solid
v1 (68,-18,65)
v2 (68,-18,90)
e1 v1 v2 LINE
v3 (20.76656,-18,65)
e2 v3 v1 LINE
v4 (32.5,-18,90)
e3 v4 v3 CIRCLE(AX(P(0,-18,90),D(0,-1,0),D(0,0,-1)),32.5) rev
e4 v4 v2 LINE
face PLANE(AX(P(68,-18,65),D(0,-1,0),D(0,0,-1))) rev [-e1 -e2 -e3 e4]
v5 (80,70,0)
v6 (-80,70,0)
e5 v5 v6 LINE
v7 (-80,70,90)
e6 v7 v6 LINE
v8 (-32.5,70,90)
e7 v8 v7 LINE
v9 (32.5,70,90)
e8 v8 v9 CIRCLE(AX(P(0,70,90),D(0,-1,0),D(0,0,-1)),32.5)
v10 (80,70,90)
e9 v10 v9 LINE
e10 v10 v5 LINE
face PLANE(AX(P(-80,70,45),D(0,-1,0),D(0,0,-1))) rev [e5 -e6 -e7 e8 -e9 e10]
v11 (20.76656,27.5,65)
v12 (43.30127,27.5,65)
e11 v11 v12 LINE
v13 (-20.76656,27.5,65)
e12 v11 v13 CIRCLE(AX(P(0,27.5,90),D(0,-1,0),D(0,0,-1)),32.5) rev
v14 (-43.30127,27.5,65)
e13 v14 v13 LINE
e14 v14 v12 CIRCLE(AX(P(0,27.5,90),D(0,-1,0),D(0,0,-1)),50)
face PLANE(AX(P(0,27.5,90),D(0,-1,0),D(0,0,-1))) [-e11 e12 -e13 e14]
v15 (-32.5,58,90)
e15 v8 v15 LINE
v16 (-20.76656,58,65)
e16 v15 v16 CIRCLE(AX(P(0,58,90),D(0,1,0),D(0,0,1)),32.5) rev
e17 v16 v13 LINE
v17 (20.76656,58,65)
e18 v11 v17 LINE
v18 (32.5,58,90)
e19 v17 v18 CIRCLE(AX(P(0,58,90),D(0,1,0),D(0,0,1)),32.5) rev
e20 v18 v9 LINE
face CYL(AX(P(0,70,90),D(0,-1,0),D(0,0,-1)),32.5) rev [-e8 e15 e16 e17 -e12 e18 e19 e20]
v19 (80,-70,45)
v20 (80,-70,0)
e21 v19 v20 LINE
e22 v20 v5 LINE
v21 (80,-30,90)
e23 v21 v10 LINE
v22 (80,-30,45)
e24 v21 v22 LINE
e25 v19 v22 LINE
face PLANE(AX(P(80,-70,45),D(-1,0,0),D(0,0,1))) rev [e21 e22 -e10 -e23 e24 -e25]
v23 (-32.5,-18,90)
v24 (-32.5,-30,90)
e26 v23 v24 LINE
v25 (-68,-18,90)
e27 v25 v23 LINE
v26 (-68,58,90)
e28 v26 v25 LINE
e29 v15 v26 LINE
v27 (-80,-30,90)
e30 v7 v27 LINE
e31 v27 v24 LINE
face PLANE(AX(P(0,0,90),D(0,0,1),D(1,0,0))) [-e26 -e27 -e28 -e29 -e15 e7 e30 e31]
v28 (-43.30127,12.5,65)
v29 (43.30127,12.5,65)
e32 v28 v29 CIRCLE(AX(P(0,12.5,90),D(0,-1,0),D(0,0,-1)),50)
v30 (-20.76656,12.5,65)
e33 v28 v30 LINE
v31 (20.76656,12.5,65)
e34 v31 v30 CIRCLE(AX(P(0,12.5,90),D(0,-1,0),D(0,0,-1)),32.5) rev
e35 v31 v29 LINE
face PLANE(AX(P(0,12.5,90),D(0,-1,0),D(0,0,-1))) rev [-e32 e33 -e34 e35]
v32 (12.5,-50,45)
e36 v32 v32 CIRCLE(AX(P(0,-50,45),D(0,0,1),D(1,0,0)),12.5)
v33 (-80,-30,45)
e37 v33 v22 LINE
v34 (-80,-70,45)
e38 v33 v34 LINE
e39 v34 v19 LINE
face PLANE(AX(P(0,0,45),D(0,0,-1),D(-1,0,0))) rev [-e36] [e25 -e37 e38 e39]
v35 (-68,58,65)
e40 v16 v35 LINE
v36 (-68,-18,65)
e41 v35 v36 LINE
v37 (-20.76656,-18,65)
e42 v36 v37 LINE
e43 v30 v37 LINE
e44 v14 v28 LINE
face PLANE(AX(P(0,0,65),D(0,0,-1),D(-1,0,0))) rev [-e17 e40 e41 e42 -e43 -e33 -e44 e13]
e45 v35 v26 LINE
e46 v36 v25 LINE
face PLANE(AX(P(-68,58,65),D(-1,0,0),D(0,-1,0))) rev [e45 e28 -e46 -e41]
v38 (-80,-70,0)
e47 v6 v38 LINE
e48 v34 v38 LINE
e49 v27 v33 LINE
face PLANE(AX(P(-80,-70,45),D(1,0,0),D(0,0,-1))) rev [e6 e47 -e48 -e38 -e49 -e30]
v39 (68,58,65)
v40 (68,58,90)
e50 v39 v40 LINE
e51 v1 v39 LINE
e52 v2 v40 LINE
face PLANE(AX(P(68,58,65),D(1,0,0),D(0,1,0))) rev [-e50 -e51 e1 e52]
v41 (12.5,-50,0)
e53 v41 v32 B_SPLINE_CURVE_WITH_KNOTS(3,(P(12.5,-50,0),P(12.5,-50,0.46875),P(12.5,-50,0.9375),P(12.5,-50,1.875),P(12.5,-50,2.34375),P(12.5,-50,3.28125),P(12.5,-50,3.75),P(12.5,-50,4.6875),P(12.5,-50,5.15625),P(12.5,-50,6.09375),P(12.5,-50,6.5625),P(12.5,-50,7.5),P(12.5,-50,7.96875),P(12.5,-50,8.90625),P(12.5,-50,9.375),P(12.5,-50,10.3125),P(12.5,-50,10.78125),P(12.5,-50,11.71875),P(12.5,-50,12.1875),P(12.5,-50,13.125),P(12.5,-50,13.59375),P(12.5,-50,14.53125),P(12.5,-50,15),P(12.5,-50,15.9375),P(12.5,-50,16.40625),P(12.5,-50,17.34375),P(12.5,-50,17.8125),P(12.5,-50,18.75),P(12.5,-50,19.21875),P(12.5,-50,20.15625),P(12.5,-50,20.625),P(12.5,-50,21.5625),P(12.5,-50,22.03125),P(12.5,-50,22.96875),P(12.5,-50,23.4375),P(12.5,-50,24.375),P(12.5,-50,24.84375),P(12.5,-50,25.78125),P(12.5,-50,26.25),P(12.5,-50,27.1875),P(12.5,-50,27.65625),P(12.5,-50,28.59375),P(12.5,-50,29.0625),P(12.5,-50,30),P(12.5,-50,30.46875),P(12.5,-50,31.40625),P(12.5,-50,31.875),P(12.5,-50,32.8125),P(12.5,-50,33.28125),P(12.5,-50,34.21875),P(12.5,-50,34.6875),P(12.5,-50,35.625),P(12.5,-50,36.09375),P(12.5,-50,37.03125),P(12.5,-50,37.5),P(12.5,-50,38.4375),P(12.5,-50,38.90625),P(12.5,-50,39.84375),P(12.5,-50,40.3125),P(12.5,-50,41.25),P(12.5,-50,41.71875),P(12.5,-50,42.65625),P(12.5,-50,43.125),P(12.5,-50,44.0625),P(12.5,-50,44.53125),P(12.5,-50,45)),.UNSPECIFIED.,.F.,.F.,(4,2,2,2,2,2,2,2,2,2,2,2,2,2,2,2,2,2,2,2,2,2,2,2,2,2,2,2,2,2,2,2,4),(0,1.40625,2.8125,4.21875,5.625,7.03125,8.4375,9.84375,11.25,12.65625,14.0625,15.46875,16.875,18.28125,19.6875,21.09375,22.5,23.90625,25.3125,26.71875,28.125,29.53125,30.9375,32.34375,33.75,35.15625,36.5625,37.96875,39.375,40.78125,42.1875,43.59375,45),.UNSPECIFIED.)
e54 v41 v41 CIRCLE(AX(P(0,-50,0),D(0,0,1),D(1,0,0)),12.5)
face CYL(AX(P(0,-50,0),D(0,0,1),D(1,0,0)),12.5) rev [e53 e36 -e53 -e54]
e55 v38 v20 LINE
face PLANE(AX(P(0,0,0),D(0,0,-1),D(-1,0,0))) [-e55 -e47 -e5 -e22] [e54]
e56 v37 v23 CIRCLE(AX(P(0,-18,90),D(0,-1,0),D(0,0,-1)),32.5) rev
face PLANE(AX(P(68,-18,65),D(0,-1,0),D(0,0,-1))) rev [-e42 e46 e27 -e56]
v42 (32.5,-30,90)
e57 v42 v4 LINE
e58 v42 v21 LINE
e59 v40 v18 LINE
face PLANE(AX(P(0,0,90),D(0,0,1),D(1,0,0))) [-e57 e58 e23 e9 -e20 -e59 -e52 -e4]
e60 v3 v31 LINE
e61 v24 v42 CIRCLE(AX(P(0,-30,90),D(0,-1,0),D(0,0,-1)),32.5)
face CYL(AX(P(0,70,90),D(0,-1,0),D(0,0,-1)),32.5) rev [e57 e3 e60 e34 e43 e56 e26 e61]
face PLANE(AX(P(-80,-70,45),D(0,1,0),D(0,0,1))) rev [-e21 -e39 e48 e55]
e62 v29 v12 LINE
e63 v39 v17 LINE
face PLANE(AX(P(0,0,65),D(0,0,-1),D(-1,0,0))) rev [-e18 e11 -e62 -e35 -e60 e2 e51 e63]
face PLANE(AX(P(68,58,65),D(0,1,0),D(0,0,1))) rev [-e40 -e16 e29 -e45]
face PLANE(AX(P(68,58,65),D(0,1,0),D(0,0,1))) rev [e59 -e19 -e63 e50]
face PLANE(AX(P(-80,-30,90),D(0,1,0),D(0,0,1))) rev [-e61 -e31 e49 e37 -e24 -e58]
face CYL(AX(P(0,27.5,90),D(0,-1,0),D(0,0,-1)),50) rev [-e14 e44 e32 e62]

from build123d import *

# Parameters (mm, degrees)
SKETCH_1_W          = 160
SKETCH_1_H          = 140
EXTRUDE_1_DEPTH     = 45
SKETCH_2_W          = 160
SKETCH_2_H          = 100
EXTRUDE_2_DEPTH     = 45
SKETCH_3_R          = 12.5
CUT_EXTRUDE_1_DEPTH = 116.433963806
SKETCH_4_R          = 32.5
CUT_EXTRUDE_2_DEPTH = 157.524758425
SKETCH_5_R          = 50
CUT_EXTRUDE_3_DEPTH = 7.5
SKETCH_7_W          = 136
SKETCH_7_H          = 76
CUT_EXTRUDE_4_DEPTH = 25


with BuildPart() as part:
    # Эскиз1 → Бобышка-Вытянуть1 (new body)
    with BuildSketch(Plane.XY):
        Rectangle(SKETCH_1_W, SKETCH_1_H)
    extrude(amount=EXTRUDE_1_DEPTH)

    # Эскиз2 → Бобышка-Вытянуть2 (add)
    with BuildSketch(Plane.XY.offset(45)):
        with Locations((0, 20)):
            Rectangle(SKETCH_2_W, SKETCH_2_H)
    extrude(amount=EXTRUDE_2_DEPTH)

    # Эскиз3 → Вырез-Вытянуть1 (cut, through all)
    with BuildSketch(Plane.XY.offset(45)):
        with Locations((0, -50)):
            Circle(SKETCH_3_R)
    extrude(amount=-CUT_EXTRUDE_1_DEPTH, mode=Mode.SUBTRACT)

    # Эскиз4 → Вырез-Вытянуть2 (cut, through all)
    with BuildSketch(Plane.XZ.offset(30)):
        with Locations((0, 90)):
            Circle(SKETCH_4_R)
    extrude(amount=-CUT_EXTRUDE_2_DEPTH, mode=Mode.SUBTRACT)

    # Эскиз5 → Вырез-Вытянуть3 (cut, symmetric)
    with BuildSketch(Plane(origin=(0, 20, 0), x_dir=(-1, 0, 0), z_dir=(0, -1, 0))):
        with Locations((0, -90)):
            Circle(SKETCH_5_R)
    extrude(amount=CUT_EXTRUDE_3_DEPTH, both=True, mode=Mode.SUBTRACT)

    # Эскиз7 → Вырез-Вытянуть4 (cut)
    with BuildSketch(Plane.XY.offset(90)):
        with Locations((0, 20)):
            Rectangle(SKETCH_7_W, SKETCH_7_H)
    extrude(amount=-CUT_EXTRUDE_4_DEPTH, mode=Mode.SUBTRACT)


solid = part.part
